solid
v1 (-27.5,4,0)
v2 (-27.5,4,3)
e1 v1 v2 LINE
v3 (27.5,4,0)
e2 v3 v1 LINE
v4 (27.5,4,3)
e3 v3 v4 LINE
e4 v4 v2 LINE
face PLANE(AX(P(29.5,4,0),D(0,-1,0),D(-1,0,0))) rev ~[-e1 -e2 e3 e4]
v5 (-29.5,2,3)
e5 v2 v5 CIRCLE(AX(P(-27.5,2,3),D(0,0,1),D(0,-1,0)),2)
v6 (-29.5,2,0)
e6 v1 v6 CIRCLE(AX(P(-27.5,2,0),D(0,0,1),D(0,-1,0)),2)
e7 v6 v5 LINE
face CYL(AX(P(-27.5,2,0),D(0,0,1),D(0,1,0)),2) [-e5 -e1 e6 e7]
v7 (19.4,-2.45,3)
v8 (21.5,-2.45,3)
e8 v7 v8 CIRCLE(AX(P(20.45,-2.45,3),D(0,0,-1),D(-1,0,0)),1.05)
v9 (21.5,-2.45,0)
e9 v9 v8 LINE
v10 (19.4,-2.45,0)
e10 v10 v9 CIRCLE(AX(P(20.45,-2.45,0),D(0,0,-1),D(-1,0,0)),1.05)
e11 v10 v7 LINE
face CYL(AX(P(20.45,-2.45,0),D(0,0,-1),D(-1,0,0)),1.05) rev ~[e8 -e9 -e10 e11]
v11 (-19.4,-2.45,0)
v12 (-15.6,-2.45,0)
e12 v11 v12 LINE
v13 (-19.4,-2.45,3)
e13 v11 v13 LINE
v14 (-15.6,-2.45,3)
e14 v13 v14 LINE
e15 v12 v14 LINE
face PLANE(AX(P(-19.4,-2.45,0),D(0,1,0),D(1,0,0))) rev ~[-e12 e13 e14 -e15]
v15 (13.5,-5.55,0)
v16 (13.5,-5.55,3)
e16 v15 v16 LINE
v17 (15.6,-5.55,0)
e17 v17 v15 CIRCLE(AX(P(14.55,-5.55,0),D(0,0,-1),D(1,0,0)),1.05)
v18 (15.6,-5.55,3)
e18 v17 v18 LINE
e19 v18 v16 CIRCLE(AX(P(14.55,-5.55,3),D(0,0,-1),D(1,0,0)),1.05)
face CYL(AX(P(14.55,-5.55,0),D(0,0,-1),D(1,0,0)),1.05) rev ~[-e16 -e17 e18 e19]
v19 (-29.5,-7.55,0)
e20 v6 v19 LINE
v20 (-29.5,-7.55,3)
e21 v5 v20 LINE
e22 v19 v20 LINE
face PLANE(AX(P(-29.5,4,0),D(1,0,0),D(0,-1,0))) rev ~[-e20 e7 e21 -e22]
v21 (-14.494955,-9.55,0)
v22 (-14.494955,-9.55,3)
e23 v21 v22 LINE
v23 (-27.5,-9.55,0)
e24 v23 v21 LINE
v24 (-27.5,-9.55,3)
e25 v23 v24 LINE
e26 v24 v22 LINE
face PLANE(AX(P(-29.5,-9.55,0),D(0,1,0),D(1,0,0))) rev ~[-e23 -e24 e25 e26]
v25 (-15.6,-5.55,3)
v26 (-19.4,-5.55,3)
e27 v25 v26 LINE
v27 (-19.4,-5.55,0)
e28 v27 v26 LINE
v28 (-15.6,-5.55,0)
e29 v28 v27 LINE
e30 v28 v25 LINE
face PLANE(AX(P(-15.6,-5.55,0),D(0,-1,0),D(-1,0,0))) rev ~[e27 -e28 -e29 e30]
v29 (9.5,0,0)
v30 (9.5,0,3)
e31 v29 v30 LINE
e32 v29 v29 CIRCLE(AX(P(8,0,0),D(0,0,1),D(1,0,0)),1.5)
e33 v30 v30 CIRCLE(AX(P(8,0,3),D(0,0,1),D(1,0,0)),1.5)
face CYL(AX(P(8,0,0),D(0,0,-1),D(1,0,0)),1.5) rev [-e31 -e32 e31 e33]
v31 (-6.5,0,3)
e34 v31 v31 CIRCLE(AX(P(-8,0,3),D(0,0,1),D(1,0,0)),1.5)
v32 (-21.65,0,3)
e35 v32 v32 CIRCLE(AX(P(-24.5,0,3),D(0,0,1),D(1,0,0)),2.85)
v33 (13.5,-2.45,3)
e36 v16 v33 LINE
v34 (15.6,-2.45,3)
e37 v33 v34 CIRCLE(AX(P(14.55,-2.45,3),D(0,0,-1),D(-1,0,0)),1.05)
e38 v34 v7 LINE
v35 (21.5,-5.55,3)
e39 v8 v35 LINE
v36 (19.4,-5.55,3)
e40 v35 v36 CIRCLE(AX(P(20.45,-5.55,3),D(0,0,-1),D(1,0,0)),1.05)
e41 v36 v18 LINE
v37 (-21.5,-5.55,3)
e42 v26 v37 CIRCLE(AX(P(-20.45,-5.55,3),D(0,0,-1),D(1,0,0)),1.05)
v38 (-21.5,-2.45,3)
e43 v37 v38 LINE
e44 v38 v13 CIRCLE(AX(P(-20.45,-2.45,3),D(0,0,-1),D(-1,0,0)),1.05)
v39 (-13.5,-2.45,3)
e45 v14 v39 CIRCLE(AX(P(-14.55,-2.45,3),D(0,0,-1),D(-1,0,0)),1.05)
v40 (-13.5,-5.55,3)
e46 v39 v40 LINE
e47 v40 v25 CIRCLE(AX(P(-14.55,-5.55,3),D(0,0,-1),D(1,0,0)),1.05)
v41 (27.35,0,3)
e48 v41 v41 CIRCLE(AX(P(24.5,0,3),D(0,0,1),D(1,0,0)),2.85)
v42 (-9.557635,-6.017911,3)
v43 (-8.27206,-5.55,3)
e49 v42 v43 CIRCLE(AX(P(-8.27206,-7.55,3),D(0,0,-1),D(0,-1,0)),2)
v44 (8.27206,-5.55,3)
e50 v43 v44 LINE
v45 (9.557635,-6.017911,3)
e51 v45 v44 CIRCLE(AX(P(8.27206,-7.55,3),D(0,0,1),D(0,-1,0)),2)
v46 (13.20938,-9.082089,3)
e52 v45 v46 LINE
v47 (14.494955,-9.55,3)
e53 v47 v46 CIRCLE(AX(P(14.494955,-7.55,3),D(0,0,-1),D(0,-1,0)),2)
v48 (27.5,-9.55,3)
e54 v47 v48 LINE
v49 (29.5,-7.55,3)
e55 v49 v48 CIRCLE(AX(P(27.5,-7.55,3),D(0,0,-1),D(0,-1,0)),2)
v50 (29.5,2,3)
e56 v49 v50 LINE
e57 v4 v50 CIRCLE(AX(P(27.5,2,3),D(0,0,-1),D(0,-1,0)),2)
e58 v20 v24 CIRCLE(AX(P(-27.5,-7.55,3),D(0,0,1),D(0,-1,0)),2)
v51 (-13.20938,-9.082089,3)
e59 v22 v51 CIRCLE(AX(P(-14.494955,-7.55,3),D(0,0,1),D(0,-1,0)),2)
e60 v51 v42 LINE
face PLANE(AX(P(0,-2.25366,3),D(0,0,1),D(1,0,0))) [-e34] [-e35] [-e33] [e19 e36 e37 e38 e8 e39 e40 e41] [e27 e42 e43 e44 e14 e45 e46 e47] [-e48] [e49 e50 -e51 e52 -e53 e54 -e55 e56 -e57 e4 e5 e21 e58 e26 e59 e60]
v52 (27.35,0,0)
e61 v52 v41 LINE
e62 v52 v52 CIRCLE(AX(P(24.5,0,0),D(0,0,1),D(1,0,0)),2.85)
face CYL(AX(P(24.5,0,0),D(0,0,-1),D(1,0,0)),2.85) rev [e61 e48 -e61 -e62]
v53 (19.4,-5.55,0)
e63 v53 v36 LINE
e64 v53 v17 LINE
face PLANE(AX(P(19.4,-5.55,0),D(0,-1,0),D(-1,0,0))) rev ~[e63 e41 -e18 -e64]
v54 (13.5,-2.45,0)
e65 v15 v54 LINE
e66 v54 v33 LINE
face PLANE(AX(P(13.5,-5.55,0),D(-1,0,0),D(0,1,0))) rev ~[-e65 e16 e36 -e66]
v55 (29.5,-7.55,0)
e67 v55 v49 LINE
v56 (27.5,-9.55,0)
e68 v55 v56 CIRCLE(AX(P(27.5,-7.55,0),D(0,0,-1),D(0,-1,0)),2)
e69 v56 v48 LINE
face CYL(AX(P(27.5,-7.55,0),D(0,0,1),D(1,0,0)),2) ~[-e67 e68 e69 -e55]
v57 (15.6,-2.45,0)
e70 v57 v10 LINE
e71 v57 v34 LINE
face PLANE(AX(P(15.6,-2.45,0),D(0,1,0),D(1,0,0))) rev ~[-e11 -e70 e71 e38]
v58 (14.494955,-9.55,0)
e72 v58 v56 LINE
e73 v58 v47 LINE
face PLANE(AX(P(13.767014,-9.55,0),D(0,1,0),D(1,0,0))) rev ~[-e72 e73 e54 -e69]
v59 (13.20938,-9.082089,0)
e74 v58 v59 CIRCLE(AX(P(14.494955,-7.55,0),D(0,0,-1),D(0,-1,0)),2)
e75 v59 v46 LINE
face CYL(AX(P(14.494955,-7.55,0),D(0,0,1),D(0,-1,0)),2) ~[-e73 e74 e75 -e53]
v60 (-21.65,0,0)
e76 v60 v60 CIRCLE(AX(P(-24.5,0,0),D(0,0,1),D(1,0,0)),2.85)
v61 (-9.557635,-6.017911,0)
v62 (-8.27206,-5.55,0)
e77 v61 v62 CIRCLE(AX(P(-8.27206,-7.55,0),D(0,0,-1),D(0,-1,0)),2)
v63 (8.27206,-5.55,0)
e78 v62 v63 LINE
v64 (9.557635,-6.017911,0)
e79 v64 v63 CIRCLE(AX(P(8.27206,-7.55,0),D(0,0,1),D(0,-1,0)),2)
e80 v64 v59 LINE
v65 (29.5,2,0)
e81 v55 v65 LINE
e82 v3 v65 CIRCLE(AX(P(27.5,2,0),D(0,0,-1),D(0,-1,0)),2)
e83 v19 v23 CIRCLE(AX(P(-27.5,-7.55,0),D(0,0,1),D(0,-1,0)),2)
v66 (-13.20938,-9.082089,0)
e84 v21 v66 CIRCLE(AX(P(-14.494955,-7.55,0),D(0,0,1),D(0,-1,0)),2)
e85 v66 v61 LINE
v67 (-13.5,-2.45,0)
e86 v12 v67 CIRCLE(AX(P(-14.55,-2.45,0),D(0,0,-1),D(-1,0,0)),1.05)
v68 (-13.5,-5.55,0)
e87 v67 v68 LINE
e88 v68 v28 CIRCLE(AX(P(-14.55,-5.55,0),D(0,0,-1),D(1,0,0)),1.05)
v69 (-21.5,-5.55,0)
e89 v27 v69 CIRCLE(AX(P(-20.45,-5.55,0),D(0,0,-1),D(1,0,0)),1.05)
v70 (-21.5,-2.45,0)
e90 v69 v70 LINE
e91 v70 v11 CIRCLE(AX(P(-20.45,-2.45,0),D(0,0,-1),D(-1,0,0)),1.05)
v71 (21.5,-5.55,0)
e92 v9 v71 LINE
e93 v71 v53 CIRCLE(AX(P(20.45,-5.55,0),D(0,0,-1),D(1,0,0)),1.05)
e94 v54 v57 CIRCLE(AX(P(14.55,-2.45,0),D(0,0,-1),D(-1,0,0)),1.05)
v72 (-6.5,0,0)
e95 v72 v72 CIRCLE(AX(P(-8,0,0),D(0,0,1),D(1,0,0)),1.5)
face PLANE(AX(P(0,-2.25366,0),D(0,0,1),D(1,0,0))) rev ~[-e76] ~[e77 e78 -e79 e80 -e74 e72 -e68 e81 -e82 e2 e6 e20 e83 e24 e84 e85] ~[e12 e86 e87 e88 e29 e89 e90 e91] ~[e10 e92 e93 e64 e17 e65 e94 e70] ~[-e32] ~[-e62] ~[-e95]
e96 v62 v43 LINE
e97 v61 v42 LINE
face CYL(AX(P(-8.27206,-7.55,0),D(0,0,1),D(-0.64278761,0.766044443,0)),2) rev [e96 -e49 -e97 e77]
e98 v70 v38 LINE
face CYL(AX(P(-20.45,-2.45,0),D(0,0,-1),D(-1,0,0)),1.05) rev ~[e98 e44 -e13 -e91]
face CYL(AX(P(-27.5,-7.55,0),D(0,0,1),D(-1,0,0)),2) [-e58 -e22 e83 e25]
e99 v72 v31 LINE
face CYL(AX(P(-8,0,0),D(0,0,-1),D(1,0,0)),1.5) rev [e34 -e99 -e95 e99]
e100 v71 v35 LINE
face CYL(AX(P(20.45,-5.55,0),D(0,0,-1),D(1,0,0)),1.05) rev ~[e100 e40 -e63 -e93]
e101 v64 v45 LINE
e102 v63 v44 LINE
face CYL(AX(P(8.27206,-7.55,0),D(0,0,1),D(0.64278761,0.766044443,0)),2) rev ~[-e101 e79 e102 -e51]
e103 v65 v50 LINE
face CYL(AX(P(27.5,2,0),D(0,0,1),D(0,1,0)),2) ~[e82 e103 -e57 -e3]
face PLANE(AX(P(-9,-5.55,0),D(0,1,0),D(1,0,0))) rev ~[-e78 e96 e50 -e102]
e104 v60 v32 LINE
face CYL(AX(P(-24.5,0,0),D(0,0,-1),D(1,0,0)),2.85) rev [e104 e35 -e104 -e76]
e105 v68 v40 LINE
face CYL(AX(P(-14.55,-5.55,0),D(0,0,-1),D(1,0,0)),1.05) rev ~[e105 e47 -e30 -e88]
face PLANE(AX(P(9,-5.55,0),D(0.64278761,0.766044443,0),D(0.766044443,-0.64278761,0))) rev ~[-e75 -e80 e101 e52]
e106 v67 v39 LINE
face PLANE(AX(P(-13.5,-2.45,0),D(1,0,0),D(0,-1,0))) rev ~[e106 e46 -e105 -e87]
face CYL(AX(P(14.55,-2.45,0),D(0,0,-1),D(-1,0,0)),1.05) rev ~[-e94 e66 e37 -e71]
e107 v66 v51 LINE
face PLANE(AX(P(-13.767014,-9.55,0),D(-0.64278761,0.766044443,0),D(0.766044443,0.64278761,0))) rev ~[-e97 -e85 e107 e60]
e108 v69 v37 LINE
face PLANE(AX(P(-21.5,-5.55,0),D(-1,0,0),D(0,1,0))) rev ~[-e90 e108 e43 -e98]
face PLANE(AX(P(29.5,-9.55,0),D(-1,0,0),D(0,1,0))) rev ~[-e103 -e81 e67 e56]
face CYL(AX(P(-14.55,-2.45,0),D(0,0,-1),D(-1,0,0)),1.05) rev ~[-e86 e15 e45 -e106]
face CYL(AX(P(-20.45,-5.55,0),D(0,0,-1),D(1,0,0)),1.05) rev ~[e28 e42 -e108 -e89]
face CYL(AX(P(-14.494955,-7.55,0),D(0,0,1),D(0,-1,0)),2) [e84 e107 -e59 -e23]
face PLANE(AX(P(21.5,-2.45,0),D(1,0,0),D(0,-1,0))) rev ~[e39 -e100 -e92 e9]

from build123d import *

# Parameters (mm, degrees)
SKETCH_1_R      = 2.85
SKETCH_1_R_2    = 1.5
EXTRUDE_1_DEPTH = 3
FILLET_1_R      = 2


with BuildPart() as part:
    # 草图1 → 凸台-拉伸1 (new body)
    with BuildSketch(Plane.XY):
        Polygon((29.5, 4), (-29.5, 4), (-29.5, -9.55), (-13.76701437, -9.55), (-9, -5.55), (9, -5.55), (13.76701437, -9.55), (29.5, -9.55), align=None)
        with BuildLine():
            Line((-15.6, -5.55), (-19.4, -5.55))
            ThreePointArc((-19.4, -5.55), (-20.45, -6.6), (-21.5, -5.55))
            Line((-21.5, -5.55), (-21.5, -2.45))
            ThreePointArc((-21.5, -2.45), (-20.45, -1.4), (-19.4, -2.45))
            Line((-19.4, -2.45), (-15.6, -2.45))
            ThreePointArc((-15.6, -2.45), (-14.55, -1.4), (-13.5, -2.45))
            Line((-13.5, -2.45), (-13.5, -5.55))
            ThreePointArc((-13.5, -5.55), (-14.55, -6.6), (-15.6, -5.55))
        make_face(mode=Mode.SUBTRACT)
        with BuildLine():
            Line((13.5, -5.55), (13.5, -2.45))
            ThreePointArc((13.5, -2.45), (14.55, -1.4), (15.6, -2.45))
            Line((15.6, -2.45), (19.4, -2.45))
            ThreePointArc((19.4, -2.45), (20.45, -1.4), (21.5, -2.45))
            Line((21.5, -2.45), (21.5, -5.55))
            ThreePointArc((21.5, -5.55), (20.45, -6.6), (19.4, -5.55))
            Line((19.4, -5.55), (15.6, -5.55))
            ThreePointArc((15.6, -5.55), (14.55, -6.6), (13.5, -5.55))
        make_face(mode=Mode.SUBTRACT)
        with Locations((-24.5, 0)):
            Circle(SKETCH_1_R, mode=Mode.SUBTRACT)
        with Locations((-8, 0)):
            Circle(SKETCH_1_R_2, mode=Mode.SUBTRACT)
        with Locations((8, 0)):
            Circle(SKETCH_1_R_2, mode=Mode.SUBTRACT)
        with Locations((24.5, 0)):
            Circle(SKETCH_1_R, mode=Mode.SUBTRACT)
    extrude(amount=EXTRUDE_1_DEPTH)

    # 圆角1
    fillet_1_edges = [part.edges().sort_by_distance(p)[0] for p in [
        (9, -5.55, 1.5),
        (-9, -5.55, 1.5),
        (-13.76701437, -9.55, 1.5),
        (-29.5, -9.55, 1.5),
        (-29.5, 4, 1.5),
        (29.5, 4, 1.5),
        (29.5, -9.55, 1.5),
        (13.76701437, -9.55, 1.5),
    ]]
    fillet(fillet_1_edges, radius=FILLET_1_R)


solid = part.part
